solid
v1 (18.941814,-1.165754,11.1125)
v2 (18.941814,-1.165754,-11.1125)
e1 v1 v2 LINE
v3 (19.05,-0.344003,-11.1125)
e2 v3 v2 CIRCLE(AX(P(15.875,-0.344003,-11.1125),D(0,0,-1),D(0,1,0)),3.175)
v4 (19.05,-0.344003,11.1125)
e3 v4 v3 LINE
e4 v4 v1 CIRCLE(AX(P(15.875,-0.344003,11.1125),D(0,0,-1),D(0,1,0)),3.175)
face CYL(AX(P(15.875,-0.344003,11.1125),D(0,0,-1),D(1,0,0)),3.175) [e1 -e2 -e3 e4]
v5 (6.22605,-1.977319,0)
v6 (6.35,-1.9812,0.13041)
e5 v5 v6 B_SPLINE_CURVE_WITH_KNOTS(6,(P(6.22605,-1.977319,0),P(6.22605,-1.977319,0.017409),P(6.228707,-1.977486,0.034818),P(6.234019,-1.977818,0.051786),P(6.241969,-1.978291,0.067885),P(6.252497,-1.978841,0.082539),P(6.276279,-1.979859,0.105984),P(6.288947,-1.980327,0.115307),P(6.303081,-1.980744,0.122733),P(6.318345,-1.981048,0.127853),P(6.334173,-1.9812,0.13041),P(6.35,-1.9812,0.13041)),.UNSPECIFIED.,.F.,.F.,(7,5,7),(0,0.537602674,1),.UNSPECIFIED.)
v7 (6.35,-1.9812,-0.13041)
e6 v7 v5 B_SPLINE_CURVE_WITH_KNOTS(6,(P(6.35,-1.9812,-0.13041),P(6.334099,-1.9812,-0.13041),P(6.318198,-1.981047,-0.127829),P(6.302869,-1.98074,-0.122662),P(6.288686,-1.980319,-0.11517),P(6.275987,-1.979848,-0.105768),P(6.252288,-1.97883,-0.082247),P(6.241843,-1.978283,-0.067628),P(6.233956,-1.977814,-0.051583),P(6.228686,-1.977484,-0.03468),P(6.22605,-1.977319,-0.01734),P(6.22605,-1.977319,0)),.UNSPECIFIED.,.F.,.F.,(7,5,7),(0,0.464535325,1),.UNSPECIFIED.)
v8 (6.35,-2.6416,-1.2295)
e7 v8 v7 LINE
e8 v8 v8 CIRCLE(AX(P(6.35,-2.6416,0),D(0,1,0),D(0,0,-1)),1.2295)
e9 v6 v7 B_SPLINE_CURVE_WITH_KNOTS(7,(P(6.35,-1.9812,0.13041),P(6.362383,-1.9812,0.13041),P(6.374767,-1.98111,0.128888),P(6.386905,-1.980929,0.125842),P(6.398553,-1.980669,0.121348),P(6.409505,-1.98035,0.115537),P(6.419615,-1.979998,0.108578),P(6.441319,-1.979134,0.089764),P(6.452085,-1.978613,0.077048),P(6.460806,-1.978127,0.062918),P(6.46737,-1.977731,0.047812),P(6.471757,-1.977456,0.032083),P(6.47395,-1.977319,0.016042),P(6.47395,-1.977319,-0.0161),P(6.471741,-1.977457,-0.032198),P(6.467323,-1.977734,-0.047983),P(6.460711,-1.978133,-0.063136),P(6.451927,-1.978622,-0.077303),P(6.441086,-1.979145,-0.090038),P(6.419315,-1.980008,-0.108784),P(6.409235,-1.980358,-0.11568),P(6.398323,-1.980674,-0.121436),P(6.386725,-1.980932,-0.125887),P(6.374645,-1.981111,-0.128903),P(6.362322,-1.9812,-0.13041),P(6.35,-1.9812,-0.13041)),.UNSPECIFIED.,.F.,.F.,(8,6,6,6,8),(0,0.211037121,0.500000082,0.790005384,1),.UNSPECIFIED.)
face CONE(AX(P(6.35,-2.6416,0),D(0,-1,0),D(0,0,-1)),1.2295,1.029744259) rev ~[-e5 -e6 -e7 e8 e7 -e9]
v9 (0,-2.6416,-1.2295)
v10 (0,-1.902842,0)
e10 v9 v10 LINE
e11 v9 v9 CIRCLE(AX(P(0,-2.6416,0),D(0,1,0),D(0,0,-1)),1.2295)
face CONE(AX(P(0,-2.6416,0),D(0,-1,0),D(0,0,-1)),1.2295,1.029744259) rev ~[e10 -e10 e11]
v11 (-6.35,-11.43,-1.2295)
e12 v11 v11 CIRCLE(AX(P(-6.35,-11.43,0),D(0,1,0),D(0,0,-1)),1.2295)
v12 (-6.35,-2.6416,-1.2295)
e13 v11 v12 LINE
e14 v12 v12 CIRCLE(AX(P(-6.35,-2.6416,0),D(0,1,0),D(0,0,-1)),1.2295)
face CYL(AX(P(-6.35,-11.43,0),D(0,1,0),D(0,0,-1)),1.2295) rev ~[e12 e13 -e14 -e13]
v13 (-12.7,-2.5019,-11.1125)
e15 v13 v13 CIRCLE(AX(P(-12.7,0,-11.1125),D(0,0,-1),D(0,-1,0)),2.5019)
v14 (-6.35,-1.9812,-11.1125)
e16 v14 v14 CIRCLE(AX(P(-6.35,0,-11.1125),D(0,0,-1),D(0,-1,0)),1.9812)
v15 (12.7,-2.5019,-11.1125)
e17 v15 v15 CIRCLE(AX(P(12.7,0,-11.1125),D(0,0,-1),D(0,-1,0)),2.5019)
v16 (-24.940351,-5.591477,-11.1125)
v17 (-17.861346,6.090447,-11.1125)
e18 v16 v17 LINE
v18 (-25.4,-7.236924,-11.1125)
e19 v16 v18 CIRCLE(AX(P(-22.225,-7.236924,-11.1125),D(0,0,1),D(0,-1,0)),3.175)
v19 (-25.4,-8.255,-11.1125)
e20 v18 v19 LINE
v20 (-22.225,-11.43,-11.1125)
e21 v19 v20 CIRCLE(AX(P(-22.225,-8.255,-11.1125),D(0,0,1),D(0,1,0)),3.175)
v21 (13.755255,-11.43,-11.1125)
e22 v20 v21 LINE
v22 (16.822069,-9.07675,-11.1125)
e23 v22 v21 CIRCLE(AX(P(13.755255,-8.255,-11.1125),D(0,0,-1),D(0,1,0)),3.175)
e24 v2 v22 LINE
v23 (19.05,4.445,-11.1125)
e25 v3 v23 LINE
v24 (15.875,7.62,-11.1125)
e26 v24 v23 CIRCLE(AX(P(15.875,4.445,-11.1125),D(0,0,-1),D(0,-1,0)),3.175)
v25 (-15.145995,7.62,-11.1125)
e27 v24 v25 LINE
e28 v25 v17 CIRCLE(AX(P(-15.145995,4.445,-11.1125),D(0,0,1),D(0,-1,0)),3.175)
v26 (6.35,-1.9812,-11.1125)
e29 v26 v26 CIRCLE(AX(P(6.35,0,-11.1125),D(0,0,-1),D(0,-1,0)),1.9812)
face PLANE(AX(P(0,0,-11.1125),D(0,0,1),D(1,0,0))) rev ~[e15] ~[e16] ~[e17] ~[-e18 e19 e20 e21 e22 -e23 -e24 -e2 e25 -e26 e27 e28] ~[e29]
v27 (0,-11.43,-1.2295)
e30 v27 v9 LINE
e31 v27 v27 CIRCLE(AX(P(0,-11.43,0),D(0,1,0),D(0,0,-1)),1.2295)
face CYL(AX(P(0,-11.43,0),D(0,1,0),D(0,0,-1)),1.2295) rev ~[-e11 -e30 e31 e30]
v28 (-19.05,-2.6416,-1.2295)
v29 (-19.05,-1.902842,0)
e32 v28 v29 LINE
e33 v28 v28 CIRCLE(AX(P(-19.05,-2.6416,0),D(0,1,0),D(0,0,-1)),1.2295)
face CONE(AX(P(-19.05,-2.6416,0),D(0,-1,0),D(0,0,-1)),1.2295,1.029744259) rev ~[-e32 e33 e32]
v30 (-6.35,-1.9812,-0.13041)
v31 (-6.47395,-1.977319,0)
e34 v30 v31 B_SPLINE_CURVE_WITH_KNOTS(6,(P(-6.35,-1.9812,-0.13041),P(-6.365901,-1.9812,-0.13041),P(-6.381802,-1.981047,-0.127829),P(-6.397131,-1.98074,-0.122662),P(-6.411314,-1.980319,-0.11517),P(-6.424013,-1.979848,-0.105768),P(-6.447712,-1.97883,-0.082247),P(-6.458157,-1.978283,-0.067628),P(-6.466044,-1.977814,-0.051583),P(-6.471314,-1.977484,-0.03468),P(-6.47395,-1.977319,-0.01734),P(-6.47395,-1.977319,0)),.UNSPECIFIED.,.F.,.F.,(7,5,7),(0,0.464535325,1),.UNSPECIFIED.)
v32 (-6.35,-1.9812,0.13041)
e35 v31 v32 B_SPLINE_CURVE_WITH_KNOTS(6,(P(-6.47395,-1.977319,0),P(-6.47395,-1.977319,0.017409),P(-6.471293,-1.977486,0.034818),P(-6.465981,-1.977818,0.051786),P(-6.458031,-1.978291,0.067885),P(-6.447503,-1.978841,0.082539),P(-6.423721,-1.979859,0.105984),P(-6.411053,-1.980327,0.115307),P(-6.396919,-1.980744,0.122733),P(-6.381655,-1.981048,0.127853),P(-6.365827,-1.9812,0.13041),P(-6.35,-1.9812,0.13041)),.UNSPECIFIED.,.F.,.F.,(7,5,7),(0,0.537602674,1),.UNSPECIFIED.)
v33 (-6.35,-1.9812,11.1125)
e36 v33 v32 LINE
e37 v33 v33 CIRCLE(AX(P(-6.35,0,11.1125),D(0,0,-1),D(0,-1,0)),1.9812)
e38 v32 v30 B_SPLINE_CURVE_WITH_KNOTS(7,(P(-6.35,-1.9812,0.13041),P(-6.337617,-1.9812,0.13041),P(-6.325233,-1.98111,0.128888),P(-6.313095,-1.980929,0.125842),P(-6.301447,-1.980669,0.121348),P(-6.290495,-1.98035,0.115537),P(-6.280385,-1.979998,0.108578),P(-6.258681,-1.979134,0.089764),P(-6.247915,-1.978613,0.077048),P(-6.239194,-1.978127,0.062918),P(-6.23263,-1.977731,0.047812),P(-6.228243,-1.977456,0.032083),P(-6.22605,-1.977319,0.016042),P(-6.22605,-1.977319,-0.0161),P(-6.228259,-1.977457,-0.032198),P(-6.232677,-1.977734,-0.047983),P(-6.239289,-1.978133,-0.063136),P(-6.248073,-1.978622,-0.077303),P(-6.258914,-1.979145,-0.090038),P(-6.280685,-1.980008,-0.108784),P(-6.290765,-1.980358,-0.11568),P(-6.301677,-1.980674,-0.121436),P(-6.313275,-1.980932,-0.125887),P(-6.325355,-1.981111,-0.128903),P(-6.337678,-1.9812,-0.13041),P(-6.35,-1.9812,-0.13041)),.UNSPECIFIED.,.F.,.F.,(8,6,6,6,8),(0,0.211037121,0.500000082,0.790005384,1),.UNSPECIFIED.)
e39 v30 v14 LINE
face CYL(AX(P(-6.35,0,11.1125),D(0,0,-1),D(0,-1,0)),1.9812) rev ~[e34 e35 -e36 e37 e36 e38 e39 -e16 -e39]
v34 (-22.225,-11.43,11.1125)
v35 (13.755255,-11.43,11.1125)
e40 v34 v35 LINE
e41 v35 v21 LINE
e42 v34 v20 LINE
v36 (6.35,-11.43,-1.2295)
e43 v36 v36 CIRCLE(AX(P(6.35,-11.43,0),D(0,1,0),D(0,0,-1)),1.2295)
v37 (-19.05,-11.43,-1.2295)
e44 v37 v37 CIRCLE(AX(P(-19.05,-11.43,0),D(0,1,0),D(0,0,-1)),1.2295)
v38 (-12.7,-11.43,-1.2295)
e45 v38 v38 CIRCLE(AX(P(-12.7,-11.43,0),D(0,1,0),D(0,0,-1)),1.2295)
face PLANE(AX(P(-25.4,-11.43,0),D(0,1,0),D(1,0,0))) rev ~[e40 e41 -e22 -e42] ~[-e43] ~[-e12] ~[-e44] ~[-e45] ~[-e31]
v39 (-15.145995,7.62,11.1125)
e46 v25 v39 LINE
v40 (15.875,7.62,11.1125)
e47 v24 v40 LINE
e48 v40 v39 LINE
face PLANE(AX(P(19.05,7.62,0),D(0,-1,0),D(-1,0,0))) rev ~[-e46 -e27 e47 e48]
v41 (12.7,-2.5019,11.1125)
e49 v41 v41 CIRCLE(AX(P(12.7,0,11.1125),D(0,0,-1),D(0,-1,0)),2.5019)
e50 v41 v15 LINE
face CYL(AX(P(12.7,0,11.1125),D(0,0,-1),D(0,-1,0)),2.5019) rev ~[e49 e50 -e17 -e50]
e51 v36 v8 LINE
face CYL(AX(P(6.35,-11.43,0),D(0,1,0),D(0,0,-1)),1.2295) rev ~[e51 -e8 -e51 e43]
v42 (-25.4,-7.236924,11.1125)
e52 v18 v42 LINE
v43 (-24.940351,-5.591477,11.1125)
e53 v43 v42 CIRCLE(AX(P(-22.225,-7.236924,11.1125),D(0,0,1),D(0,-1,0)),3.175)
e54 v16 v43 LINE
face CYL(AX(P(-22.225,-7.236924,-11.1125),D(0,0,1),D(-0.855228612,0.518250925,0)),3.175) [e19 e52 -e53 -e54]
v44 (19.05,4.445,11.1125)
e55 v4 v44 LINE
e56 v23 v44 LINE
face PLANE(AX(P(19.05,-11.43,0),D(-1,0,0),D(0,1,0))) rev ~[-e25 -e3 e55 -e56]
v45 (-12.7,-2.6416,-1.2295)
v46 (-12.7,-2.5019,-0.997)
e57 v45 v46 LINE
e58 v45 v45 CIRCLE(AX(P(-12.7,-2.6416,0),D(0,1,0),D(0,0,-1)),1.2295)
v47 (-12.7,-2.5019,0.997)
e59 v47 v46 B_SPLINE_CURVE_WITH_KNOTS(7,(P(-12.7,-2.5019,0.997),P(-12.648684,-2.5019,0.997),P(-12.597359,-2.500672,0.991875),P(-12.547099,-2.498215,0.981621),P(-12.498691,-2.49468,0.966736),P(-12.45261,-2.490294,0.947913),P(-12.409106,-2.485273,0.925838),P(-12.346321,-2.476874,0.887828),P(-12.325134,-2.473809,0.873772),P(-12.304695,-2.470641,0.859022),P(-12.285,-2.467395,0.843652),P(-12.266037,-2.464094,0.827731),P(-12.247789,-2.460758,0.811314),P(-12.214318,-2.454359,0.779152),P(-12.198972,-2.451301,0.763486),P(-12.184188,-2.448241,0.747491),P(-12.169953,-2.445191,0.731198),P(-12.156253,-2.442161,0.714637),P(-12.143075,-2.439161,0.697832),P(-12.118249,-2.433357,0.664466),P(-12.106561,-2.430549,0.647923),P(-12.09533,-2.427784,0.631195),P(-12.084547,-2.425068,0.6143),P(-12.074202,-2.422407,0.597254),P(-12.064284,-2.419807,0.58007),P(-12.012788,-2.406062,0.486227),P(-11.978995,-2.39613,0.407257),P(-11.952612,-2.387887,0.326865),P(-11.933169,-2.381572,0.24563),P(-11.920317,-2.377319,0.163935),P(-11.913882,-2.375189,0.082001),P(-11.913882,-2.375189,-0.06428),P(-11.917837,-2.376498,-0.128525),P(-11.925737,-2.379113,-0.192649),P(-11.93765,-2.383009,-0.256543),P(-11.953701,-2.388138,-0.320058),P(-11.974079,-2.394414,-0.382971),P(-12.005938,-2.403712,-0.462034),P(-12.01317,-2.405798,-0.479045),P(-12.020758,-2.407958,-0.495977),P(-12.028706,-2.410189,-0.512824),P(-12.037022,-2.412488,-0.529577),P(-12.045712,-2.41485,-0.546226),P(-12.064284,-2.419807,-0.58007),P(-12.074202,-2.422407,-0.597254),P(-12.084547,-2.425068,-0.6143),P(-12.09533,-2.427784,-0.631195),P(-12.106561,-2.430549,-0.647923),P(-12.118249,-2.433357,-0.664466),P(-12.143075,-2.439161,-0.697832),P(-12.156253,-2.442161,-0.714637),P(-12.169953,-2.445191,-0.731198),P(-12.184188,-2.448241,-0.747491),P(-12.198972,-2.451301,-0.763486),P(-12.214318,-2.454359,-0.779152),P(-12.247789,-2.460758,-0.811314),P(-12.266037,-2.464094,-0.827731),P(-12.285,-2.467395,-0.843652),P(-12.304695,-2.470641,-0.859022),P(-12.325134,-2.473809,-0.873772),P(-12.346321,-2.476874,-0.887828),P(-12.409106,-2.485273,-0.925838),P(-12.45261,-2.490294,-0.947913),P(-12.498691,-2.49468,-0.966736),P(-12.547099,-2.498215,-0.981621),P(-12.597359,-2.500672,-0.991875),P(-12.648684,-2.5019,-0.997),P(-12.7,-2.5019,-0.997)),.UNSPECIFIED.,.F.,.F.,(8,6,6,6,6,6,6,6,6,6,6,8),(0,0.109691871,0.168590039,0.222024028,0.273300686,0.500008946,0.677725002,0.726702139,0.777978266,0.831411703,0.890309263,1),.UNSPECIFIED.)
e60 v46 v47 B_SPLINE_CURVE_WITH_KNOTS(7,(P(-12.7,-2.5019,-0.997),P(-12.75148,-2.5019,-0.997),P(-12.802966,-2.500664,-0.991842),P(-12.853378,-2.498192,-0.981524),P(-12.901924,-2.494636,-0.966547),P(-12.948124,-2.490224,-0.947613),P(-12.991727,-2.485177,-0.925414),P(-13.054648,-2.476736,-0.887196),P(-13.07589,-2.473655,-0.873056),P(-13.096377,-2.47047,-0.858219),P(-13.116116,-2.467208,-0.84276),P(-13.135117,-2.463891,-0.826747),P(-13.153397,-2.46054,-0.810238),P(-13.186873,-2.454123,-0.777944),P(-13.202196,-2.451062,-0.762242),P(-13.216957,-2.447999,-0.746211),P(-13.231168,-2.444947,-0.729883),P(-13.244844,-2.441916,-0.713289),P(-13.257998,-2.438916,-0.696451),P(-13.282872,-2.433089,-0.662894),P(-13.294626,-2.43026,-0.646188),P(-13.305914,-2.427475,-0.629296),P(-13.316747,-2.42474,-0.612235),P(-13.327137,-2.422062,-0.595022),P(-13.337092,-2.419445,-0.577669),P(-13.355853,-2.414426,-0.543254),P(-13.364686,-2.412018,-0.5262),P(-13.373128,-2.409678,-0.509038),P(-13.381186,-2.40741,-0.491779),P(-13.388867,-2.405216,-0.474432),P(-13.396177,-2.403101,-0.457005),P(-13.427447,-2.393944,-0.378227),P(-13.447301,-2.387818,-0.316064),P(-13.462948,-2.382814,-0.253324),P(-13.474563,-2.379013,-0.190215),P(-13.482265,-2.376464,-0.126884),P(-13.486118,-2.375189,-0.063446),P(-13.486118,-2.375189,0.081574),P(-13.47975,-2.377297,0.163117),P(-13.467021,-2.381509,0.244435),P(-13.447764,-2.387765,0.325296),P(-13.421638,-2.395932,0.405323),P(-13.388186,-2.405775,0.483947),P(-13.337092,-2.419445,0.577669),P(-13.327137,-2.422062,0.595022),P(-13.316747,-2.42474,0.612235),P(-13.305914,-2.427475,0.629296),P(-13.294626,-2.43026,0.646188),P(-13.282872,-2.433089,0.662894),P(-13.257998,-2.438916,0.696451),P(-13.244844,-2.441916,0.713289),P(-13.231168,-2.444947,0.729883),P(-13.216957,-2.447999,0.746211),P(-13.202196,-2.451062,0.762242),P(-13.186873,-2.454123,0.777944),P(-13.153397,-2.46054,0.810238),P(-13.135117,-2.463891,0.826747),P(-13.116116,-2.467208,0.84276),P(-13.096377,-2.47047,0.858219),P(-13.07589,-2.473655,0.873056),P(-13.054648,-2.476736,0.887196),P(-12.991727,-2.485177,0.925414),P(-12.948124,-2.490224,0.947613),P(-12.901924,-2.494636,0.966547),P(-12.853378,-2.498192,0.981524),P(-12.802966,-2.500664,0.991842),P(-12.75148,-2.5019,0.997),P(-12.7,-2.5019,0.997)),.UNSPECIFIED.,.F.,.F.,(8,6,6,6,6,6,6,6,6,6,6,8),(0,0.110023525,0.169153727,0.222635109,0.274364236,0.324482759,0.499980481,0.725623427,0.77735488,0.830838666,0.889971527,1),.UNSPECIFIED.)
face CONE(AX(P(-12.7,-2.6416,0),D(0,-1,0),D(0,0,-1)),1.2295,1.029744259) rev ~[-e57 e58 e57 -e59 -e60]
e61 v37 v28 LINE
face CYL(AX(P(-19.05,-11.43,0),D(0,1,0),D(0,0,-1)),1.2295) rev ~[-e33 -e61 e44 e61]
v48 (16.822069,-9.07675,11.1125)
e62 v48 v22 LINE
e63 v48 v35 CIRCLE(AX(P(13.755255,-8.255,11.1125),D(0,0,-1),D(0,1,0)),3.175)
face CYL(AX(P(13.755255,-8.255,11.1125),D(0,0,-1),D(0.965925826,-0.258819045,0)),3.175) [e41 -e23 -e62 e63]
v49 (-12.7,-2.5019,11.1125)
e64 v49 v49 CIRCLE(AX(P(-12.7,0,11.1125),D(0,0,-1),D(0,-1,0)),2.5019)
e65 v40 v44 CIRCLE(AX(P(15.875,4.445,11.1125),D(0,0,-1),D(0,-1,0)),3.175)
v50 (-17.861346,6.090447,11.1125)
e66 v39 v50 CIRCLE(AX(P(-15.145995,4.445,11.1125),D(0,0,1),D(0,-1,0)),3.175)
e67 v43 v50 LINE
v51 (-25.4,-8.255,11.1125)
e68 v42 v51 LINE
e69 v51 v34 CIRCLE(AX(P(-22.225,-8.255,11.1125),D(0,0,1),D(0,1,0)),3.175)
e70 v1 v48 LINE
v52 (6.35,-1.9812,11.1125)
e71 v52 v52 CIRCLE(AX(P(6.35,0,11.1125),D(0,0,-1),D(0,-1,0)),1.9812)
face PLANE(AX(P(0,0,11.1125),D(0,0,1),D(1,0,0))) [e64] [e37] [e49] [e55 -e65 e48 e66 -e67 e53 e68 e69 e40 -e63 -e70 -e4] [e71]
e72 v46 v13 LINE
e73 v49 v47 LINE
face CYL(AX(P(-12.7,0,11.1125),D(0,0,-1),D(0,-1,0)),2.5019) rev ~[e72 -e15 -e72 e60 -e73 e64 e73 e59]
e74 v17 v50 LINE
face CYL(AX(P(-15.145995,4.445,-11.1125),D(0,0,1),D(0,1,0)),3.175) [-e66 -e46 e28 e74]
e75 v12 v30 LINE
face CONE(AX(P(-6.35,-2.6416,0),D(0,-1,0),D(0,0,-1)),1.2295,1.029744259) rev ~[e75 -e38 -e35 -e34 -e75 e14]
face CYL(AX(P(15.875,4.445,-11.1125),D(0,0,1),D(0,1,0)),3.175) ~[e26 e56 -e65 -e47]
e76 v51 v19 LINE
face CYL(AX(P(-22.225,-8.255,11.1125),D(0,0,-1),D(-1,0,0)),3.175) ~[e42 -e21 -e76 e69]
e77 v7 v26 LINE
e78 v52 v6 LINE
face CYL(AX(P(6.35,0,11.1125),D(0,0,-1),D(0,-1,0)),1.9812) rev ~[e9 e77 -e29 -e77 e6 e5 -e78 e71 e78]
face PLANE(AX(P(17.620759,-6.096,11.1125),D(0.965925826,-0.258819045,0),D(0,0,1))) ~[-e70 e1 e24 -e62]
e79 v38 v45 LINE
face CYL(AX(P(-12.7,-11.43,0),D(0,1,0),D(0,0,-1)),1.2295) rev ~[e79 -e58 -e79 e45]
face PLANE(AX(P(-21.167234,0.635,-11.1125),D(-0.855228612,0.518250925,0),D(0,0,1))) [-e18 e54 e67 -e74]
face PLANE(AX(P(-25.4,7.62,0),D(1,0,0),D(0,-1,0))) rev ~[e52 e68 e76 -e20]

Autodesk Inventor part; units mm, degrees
ref_plane "YZ Plane" through (0, 0, 0) normal (1, 0, 0) x (0, 1, 0)
ref_plane "XZ Plane" through (0, 0, 0) normal (0, 1, 0) x (-1, 0, 0)
ref_plane "XY Plane" through (0, 0, 0) normal (0, 0, 1) x (1, 0, 0)
sketch "Sketch1" plane through (0, 0, 0) normal (0, 0, 1) x (1, 0, 0)
  line L0 (19.05, 7.62) -> (-25.4, 7.62)
  line L1 (-25.4, 7.62) -> (-25.4, -11.43)
  line L2 (-25.4, -11.43) -> (19.05, -11.43)
  line L3 (19.05, -11.43) -> (19.05, 7.62)
  line L4 (19.05, 7.62) -> (-25.4, -11.43) construction
  line L5 (-25.4, 7.62) -> (19.05, -11.43) construction
  line L6 (0, 11.43) -> (0, -15.24) construction
  line L7 (-34.29, 0) -> (27.94, 0) construction
  point P0 (-3.175, -1.905)
  dimension "d0" = 19.05
  dimension "d1" = 44.45
  dimension "d56" = 25.4
  dimension "d93" = 11.43
extrude "Extrusion1" add sketch "Sketch1" along normal mid plane 22.225
sketch "Sketch3" plane through (0, 0, 11.1125) normal (0, 0, 1) x (1, 0, 0)
  line L0 (-12.7, 0) -> (12.7, 0) construction
  point P0 (0, 0)
  point P1 (0, 0)
  dimension "d35" = 25.4
hole "Hole1" at (-12.7, 0, 11.1125) at (12.7, 0, 11.1125) direction (0, 0, -1) diameter 5.0038 end through all clearance for "H7 - STANDARD FIT" size "5" standard "CL-DOWEL-MET"
sketch "Sketch4" plane through (0, 0, 11.1125) normal (0, 0, 1) x (1, 0, 0)
  line L0 (-6.35, 0) -> (6.35, 0) construction
  point P0 (0, 0)
  point P1 (0, 0)
  dimension "d43" = 12.7
hole "Hole2" at (-6.35, 0, 11.1125) at (6.35, 0, 11.1125) direction (0, 0, -1) diameter 3.9624 end through all thread size "10-32 UNF" class "2B" standard "ANSI Unified Screw Threads"
sketch "Sketch6" plane through (-25.4, -11.43, 11.1125) normal (0, -1, 0) x (1, 0, 0)
  line L0 (25.4, -11.1125) -> (6.35, -11.1125) construction
  point P0 (12.7, -11.1125)
  point P1 (12.7, -11.1125)
  point P2 (19.05, -11.1125)
  point P3 (19.05, -11.1125)
  point P4 (25.4, -11.1125)
  point P5 (25.4, -11.1125)
  point P6 (31.75, -11.1125)
  point P7 (31.75, -11.1125)
  point P8 (25.4, -11.1125)
  dimension "d83" = 19.05
  dimension "d84" = 6.35
hole "Hole4" at (-19.05, -11.43, 0) at (-12.7, -11.43, 0) at (-6.35, -11.43, 0) at (0, -11.43, 0) at (6.35, -11.43, 0) direction (0, 1, 0) diameter 2.459 depth 8.7884 tip angle 118 thread size "M3x0.5" class "6H" standard "ANSI Metric M Profile"
chamfer "Chamfer2" distance 10.668 angle 15 1 edges at (19.05, -11.43, 0) measured on face at (19.05, -5.08, -3.7042)
chamfer "Chamfer3" distance 13.97 angle 31.215 1 edges at (-25.4, 7.62, 0) measured on face at (-25.4, -5.08, 3.7042)
fillet "Fillet1" radius 3.175 6 edges at (16.1915, -11.43, 0) (-25.4, -11.43, 0) (-25.4, -6.35, 0) (-16.9346, 7.62, 0) (19.05, 7.62, 0) (19.05, -0.762, 0)
properties part number "BRACE,CHAIN,#25,ELEVATOR" material "Aluminum 7075"
